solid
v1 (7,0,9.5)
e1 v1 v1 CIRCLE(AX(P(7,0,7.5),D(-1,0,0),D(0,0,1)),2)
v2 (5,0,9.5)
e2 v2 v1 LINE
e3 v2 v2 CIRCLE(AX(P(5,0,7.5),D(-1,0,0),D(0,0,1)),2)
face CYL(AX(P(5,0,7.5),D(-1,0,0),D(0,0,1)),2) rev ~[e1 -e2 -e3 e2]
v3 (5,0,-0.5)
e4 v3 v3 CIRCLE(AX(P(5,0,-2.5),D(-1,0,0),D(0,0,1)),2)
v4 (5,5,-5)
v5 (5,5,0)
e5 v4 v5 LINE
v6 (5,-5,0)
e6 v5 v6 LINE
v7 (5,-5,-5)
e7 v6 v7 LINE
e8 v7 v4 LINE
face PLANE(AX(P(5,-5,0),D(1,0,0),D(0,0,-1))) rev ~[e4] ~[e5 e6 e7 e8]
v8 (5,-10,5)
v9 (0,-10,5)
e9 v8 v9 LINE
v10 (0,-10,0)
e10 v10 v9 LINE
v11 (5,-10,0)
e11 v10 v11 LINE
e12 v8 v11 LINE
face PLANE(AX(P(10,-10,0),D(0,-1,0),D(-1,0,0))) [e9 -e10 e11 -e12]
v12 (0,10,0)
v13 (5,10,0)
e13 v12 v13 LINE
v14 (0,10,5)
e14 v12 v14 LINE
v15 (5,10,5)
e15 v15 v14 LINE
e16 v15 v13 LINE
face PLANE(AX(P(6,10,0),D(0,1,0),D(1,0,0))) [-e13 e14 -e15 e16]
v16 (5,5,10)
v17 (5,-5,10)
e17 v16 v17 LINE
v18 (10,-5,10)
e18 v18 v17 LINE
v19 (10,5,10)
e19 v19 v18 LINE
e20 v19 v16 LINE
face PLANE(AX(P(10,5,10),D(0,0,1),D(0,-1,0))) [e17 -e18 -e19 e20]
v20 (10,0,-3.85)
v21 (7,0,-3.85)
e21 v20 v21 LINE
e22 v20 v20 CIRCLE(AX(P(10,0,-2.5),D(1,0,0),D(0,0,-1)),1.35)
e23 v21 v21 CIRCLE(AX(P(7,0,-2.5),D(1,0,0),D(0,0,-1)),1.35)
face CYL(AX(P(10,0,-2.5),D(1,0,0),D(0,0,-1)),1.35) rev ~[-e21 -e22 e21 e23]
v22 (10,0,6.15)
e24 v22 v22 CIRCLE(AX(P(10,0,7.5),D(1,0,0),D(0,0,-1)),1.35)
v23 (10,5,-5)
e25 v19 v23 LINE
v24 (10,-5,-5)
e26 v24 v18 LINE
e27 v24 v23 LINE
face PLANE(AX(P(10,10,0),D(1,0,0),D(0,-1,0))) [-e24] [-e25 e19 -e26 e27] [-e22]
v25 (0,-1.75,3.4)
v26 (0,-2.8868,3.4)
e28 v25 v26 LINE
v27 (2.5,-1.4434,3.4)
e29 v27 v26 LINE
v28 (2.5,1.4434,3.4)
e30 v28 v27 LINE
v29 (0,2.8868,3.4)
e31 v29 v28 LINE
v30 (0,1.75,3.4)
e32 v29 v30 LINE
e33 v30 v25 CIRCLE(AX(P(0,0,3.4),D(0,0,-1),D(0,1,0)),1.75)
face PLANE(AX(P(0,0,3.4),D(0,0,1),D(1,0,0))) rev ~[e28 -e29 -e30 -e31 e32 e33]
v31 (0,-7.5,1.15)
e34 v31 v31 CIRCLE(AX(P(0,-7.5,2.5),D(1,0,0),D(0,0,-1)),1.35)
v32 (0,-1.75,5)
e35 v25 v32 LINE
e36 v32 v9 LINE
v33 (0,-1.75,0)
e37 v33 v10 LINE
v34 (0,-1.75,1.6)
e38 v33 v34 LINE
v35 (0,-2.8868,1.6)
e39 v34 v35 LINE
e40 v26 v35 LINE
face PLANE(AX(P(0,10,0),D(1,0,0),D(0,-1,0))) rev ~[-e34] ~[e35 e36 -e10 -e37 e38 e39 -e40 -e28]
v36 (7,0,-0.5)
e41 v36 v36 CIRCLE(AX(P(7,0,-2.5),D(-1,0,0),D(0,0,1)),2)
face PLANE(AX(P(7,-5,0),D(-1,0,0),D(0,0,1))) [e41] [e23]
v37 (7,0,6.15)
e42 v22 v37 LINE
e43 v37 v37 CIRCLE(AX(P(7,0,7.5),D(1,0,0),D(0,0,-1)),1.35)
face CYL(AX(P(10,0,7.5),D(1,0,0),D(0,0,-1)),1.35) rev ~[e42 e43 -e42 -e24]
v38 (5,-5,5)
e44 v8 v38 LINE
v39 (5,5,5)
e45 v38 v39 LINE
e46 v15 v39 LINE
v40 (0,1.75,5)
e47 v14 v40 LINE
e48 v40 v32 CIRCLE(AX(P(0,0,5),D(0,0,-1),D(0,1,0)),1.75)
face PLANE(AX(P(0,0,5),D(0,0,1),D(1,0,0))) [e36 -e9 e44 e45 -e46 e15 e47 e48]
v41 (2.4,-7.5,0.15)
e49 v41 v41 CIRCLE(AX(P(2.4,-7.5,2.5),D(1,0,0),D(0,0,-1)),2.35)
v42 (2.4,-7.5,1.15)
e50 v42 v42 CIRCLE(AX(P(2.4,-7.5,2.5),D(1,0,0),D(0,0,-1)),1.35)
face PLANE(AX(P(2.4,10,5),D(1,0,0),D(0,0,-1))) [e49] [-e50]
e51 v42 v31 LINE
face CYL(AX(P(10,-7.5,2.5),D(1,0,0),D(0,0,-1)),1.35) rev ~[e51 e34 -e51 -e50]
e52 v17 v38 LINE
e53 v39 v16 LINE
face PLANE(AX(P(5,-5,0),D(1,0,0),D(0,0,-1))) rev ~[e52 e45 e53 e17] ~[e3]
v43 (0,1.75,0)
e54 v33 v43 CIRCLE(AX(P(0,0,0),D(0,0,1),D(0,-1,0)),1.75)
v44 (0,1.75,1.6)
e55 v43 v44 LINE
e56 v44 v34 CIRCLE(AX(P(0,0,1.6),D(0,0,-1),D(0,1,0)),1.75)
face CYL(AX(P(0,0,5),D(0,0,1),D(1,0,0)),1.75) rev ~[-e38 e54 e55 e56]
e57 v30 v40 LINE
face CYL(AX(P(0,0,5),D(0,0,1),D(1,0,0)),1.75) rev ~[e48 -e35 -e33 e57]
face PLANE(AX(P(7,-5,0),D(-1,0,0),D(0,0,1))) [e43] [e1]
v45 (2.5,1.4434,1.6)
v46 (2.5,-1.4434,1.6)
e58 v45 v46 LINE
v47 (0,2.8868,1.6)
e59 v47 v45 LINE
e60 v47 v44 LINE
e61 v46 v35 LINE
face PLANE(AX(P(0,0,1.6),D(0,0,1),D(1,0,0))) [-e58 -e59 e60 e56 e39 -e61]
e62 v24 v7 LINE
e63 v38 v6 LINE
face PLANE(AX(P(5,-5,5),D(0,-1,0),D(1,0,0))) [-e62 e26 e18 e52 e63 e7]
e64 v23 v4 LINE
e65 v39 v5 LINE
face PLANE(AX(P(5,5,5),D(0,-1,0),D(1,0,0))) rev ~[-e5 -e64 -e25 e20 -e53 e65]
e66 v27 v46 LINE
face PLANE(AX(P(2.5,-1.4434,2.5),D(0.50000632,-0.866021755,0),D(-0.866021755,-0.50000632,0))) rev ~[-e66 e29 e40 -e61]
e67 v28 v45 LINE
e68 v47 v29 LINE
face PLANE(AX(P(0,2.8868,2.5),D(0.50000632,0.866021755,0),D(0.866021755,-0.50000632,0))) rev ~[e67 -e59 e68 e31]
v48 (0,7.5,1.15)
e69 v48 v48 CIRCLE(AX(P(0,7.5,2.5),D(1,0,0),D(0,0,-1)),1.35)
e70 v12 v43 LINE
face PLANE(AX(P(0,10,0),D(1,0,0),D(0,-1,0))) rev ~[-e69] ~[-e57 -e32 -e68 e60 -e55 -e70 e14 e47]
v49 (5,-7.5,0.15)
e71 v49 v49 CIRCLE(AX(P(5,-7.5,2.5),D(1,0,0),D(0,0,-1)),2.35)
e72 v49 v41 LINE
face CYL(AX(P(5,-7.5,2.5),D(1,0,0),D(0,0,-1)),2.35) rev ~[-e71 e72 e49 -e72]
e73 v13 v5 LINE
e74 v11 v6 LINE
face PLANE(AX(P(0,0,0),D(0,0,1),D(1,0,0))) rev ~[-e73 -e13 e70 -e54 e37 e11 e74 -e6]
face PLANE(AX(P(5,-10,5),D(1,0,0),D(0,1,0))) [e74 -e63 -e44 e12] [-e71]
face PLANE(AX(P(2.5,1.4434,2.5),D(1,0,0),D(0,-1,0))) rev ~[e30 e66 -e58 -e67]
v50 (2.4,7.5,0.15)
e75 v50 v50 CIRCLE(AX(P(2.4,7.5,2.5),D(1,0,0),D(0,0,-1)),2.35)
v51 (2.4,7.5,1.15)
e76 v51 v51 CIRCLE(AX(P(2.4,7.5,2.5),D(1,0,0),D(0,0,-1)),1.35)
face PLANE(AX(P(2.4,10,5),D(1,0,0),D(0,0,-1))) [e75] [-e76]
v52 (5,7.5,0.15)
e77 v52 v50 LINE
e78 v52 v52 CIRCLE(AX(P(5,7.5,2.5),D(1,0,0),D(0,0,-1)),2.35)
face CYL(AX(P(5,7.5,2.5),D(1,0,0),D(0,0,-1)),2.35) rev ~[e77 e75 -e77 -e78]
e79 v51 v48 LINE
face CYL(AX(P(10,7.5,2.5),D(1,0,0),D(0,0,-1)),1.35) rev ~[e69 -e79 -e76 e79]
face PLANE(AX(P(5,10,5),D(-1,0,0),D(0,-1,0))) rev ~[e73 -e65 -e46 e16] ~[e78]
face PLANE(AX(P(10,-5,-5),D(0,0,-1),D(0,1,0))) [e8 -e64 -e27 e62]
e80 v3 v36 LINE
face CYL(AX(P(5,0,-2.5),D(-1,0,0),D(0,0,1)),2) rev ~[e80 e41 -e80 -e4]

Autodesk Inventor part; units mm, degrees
ref_plane "YZ Plane" through (0, 0, 0) normal (1, 0, 0) x (0, 1, 0)
ref_plane "XZ Plane" through (0, 0, 0) normal (0, 1, 0) x (-1, 0, 0)
ref_plane "XY Plane" through (0, 0, 0) normal (0, 0, 1) x (1, 0, 0)
sketch "Sketch1" plane through (0, 0, 0) normal (0, 0, 1) x (1, 0, 0)
  line L0 (10, -10) -> (-10, -10)
  line L1 (-10, -10) -> (-10, 10)
  line L2 (-10, 10) -> (10, 10)
  line L3 (10, 10) -> (10, -10)
  line L4 (10, -10) -> (-10, 10) construction
  line L5 (-10, -10) -> (10, 10) construction
  line L6 (10, -10) -> (6, -10)
  line L7 (6, 10) -> (10, 10)
  line L8 (10, 10) -> (10, -10)
  line L9 (0, 10) -> (0, -10)
  line L10 (0, -10) -> (0, 10)
  point P0 (0, 0)
  dimension "d0" = 20
  dimension "d1" = 20
extrude "Extrusion1" add sketch "Sketch1" along normal blind 5 contours L0 L9 L2 L3
ref_plane "Work Plane1" through (0, 0, 2.5) normal (0, 0, 1) x (1, 0, 0)
sketch "Sketch2" plane through (0, 0, 2.5) normal (0, 0, 1) x (1, 0, 0)
  line L0 (0, 10) -> (0, -10) projected
  line L1 (0, 2.8868) -> (2.5, 1.4434)
  line L2 (2.5, 1.4434) -> (2.5, -1.4434)
  line L3 (2.5, -1.4434) -> (0, -2.8868)
  line L4 (0, -2.8868) -> (-2.5, -1.4434)
  line L5 (-2.5, -1.4434) -> (-2.5, 1.4434)
  line L6 (-2.5, 1.4434) -> (0, 2.8868)
  point P0 (0, 0)
  point P1 (0, 0)
  dimension "d12" = 5
extrude "Extrusion2" cut sketch "Sketch2" along normal mid plane 1.8
sketch "Sketch3" plane through (0, 0, 5) normal (0, 0, 1) x (1, 0, 0)
  circle A0 centre (0, 0) radius 1.75
  dimension "d15" = 3.5
extrude "Extrusion3" cut sketch "Sketch3" against normal blind 8
sketch "Sketch4" plane through (10, -10, 0) normal (1, 0, 0) x (0, 0, -1)
  circle A0 centre (-2.5, 17.5) radius 1.35
  circle A1 centre (-2.5, 2.5) radius 1.35
  line L0 (0, 20) -> (-5, 20) projected
  line L1 (0, 0) -> (-5, 0) projected
  line L2 (0, 0) -> (0, 20) projected
  point P0 (0, 10)
  dimension "d18" = 2.5
  dimension "d19" = 2.5
  dimension "d20" = 2.5
  dimension "d21" = 2.5
  dimension "d22" = 2.7
  dimension "d23" = 2.7
extrude "Extrusion4" cut sketch "Sketch4" against normal blind 25
sketch "Sketch5" plane through (10, -10, 0) normal (1, 0, 0) x (0, 0, -1)
  circle A0 centre (-2.5, 17.5) radius 1.35 projected
  circle A1 centre (-2.5, 17.5) radius 2
  circle A2 centre (-2.5, 2.5) radius 1.35 projected
  circle A3 centre (-2.5, 2.5) radius 2
  point P0 (0, 10)
  dimension "d26" = 4
  dimension "d27" = 4
extrude "Extrusion5" cut sketch "Sketch5" against normal blind 4 contours A0 | A1 | A2 | A3
sketch "Sketch6" plane through (0, 0, 5) normal (0, 0, 1) x (1, 0, 0)
  point P0 (0, 0)
sketch "Sketch7" plane through (0, 0, 5) normal (0, 0, 1) x (1, 0, 0)
  line L0 (10, -10) -> (10, 10) projected
  line L1 (10, 10) -> (5, 10)
  line L2 (5, 10) -> (5, 5)
  line L3 (5, 5) -> (10, 5)
  line L4 (10, 5) -> (10, 10)
  line L5 (0, -10) -> (10, -10) projected
  line L6 (10, -10) -> (5, -10)
  line L7 (5, -10) -> (5, -5)
  line L8 (5, -5) -> (10, -5)
  line L9 (10, -5) -> (10, -10)
  point P0 (0, 0)
  dimension "d30" = 5
  dimension "d31" = 5
  dimension "d32" = 5
  dimension "d33" = 5
extrude "Extrusion6" cut sketch "Sketch7" against normal blind 10
sketch "Sketch8" plane through (10, -5, 0) normal (1, 0, 0) x (0, 0, -1)
  line L0 (0, 0) -> (5, 0)
  line L1 (5, 0) -> (5, 10)
  line L2 (5, 10) -> (0, 10)
  line L3 (0, 10) -> (0, 0)
  line L4 (-5, 0) -> (-5, 10) projected
  line L5 (-5, 10) -> (-10, 10)
  line L6 (-10, 10) -> (-10, 0)
  line L7 (-10, 0) -> (-5, 0)
  line L8 (-5, 0) -> (-5, 10)
  circle A0 centre (-7.5, 5) radius 1.35
  circle A1 centre (2.5, 5) radius 1.35
  point P0 (0, 5)
  point P1 (-7.5, 0)
  dimension "d36" = 5
  dimension "d37" = 5
  dimension "d38" = 5
  dimension "d39" = 2.7
  dimension "d40" = 2.7
  dimension "d41" = 5
  dimension "d42" = 5
  dimension "d43" = 5
  dimension "d44" = 5
  dimension "d45" = 2.5
  dimension "d46" = 2.5
extrude "Extrusion7" add sketch "Sketch8" against normal blind 5
sketch "Sketch9" plane through (5, -5, 0) normal (-1, 0, 0) x (0, 0, 1)
  circle A0 centre (7.5, 5) radius 1.35 projected
  circle A1 centre (7.5, 5) radius 2
  circle A2 centre (-2.5, 5) radius 1.35 projected
  circle A3 centre (-2.5, 5) radius 2
  point P0 (0, 5)
  dimension "d49" = 4
  dimension "d50" = 4
extrude "Extrusion8" cut sketch "Sketch9" against normal blind 2 contours A0 | A1 | A2 | A3
sketch "Sketch10" plane through (5, 10, 5) normal (1, 0, 0) x (0, 0, -1)
  circle A0 centre (2.5, -2.5) radius 1.35 projected
  circle A1 centre (2.5, -2.5) radius 2.35
  circle A2 centre (2.5, -17.5) radius 1.35 projected
  circle A3 centre (2.5, -17.5) radius 2.35
  point P0 (5, -10)
  dimension "d53" = 4.7
  dimension "d54" = 4.7
extrude "Extrusion9" cut sketch "Sketch10" against normal blind 2.6
equation "\"d18\" = d19"
equation "\"d20\" = d19"
equation "\"d21\" = d19"
equation "\"d23\" = d22"
equation "\"d27\" = d26"
equation "\"d39\" = d40"
equation "\"d42\" = d41"
equation "\"d50\" = d49"
properties part number "POMSliderMotor"
